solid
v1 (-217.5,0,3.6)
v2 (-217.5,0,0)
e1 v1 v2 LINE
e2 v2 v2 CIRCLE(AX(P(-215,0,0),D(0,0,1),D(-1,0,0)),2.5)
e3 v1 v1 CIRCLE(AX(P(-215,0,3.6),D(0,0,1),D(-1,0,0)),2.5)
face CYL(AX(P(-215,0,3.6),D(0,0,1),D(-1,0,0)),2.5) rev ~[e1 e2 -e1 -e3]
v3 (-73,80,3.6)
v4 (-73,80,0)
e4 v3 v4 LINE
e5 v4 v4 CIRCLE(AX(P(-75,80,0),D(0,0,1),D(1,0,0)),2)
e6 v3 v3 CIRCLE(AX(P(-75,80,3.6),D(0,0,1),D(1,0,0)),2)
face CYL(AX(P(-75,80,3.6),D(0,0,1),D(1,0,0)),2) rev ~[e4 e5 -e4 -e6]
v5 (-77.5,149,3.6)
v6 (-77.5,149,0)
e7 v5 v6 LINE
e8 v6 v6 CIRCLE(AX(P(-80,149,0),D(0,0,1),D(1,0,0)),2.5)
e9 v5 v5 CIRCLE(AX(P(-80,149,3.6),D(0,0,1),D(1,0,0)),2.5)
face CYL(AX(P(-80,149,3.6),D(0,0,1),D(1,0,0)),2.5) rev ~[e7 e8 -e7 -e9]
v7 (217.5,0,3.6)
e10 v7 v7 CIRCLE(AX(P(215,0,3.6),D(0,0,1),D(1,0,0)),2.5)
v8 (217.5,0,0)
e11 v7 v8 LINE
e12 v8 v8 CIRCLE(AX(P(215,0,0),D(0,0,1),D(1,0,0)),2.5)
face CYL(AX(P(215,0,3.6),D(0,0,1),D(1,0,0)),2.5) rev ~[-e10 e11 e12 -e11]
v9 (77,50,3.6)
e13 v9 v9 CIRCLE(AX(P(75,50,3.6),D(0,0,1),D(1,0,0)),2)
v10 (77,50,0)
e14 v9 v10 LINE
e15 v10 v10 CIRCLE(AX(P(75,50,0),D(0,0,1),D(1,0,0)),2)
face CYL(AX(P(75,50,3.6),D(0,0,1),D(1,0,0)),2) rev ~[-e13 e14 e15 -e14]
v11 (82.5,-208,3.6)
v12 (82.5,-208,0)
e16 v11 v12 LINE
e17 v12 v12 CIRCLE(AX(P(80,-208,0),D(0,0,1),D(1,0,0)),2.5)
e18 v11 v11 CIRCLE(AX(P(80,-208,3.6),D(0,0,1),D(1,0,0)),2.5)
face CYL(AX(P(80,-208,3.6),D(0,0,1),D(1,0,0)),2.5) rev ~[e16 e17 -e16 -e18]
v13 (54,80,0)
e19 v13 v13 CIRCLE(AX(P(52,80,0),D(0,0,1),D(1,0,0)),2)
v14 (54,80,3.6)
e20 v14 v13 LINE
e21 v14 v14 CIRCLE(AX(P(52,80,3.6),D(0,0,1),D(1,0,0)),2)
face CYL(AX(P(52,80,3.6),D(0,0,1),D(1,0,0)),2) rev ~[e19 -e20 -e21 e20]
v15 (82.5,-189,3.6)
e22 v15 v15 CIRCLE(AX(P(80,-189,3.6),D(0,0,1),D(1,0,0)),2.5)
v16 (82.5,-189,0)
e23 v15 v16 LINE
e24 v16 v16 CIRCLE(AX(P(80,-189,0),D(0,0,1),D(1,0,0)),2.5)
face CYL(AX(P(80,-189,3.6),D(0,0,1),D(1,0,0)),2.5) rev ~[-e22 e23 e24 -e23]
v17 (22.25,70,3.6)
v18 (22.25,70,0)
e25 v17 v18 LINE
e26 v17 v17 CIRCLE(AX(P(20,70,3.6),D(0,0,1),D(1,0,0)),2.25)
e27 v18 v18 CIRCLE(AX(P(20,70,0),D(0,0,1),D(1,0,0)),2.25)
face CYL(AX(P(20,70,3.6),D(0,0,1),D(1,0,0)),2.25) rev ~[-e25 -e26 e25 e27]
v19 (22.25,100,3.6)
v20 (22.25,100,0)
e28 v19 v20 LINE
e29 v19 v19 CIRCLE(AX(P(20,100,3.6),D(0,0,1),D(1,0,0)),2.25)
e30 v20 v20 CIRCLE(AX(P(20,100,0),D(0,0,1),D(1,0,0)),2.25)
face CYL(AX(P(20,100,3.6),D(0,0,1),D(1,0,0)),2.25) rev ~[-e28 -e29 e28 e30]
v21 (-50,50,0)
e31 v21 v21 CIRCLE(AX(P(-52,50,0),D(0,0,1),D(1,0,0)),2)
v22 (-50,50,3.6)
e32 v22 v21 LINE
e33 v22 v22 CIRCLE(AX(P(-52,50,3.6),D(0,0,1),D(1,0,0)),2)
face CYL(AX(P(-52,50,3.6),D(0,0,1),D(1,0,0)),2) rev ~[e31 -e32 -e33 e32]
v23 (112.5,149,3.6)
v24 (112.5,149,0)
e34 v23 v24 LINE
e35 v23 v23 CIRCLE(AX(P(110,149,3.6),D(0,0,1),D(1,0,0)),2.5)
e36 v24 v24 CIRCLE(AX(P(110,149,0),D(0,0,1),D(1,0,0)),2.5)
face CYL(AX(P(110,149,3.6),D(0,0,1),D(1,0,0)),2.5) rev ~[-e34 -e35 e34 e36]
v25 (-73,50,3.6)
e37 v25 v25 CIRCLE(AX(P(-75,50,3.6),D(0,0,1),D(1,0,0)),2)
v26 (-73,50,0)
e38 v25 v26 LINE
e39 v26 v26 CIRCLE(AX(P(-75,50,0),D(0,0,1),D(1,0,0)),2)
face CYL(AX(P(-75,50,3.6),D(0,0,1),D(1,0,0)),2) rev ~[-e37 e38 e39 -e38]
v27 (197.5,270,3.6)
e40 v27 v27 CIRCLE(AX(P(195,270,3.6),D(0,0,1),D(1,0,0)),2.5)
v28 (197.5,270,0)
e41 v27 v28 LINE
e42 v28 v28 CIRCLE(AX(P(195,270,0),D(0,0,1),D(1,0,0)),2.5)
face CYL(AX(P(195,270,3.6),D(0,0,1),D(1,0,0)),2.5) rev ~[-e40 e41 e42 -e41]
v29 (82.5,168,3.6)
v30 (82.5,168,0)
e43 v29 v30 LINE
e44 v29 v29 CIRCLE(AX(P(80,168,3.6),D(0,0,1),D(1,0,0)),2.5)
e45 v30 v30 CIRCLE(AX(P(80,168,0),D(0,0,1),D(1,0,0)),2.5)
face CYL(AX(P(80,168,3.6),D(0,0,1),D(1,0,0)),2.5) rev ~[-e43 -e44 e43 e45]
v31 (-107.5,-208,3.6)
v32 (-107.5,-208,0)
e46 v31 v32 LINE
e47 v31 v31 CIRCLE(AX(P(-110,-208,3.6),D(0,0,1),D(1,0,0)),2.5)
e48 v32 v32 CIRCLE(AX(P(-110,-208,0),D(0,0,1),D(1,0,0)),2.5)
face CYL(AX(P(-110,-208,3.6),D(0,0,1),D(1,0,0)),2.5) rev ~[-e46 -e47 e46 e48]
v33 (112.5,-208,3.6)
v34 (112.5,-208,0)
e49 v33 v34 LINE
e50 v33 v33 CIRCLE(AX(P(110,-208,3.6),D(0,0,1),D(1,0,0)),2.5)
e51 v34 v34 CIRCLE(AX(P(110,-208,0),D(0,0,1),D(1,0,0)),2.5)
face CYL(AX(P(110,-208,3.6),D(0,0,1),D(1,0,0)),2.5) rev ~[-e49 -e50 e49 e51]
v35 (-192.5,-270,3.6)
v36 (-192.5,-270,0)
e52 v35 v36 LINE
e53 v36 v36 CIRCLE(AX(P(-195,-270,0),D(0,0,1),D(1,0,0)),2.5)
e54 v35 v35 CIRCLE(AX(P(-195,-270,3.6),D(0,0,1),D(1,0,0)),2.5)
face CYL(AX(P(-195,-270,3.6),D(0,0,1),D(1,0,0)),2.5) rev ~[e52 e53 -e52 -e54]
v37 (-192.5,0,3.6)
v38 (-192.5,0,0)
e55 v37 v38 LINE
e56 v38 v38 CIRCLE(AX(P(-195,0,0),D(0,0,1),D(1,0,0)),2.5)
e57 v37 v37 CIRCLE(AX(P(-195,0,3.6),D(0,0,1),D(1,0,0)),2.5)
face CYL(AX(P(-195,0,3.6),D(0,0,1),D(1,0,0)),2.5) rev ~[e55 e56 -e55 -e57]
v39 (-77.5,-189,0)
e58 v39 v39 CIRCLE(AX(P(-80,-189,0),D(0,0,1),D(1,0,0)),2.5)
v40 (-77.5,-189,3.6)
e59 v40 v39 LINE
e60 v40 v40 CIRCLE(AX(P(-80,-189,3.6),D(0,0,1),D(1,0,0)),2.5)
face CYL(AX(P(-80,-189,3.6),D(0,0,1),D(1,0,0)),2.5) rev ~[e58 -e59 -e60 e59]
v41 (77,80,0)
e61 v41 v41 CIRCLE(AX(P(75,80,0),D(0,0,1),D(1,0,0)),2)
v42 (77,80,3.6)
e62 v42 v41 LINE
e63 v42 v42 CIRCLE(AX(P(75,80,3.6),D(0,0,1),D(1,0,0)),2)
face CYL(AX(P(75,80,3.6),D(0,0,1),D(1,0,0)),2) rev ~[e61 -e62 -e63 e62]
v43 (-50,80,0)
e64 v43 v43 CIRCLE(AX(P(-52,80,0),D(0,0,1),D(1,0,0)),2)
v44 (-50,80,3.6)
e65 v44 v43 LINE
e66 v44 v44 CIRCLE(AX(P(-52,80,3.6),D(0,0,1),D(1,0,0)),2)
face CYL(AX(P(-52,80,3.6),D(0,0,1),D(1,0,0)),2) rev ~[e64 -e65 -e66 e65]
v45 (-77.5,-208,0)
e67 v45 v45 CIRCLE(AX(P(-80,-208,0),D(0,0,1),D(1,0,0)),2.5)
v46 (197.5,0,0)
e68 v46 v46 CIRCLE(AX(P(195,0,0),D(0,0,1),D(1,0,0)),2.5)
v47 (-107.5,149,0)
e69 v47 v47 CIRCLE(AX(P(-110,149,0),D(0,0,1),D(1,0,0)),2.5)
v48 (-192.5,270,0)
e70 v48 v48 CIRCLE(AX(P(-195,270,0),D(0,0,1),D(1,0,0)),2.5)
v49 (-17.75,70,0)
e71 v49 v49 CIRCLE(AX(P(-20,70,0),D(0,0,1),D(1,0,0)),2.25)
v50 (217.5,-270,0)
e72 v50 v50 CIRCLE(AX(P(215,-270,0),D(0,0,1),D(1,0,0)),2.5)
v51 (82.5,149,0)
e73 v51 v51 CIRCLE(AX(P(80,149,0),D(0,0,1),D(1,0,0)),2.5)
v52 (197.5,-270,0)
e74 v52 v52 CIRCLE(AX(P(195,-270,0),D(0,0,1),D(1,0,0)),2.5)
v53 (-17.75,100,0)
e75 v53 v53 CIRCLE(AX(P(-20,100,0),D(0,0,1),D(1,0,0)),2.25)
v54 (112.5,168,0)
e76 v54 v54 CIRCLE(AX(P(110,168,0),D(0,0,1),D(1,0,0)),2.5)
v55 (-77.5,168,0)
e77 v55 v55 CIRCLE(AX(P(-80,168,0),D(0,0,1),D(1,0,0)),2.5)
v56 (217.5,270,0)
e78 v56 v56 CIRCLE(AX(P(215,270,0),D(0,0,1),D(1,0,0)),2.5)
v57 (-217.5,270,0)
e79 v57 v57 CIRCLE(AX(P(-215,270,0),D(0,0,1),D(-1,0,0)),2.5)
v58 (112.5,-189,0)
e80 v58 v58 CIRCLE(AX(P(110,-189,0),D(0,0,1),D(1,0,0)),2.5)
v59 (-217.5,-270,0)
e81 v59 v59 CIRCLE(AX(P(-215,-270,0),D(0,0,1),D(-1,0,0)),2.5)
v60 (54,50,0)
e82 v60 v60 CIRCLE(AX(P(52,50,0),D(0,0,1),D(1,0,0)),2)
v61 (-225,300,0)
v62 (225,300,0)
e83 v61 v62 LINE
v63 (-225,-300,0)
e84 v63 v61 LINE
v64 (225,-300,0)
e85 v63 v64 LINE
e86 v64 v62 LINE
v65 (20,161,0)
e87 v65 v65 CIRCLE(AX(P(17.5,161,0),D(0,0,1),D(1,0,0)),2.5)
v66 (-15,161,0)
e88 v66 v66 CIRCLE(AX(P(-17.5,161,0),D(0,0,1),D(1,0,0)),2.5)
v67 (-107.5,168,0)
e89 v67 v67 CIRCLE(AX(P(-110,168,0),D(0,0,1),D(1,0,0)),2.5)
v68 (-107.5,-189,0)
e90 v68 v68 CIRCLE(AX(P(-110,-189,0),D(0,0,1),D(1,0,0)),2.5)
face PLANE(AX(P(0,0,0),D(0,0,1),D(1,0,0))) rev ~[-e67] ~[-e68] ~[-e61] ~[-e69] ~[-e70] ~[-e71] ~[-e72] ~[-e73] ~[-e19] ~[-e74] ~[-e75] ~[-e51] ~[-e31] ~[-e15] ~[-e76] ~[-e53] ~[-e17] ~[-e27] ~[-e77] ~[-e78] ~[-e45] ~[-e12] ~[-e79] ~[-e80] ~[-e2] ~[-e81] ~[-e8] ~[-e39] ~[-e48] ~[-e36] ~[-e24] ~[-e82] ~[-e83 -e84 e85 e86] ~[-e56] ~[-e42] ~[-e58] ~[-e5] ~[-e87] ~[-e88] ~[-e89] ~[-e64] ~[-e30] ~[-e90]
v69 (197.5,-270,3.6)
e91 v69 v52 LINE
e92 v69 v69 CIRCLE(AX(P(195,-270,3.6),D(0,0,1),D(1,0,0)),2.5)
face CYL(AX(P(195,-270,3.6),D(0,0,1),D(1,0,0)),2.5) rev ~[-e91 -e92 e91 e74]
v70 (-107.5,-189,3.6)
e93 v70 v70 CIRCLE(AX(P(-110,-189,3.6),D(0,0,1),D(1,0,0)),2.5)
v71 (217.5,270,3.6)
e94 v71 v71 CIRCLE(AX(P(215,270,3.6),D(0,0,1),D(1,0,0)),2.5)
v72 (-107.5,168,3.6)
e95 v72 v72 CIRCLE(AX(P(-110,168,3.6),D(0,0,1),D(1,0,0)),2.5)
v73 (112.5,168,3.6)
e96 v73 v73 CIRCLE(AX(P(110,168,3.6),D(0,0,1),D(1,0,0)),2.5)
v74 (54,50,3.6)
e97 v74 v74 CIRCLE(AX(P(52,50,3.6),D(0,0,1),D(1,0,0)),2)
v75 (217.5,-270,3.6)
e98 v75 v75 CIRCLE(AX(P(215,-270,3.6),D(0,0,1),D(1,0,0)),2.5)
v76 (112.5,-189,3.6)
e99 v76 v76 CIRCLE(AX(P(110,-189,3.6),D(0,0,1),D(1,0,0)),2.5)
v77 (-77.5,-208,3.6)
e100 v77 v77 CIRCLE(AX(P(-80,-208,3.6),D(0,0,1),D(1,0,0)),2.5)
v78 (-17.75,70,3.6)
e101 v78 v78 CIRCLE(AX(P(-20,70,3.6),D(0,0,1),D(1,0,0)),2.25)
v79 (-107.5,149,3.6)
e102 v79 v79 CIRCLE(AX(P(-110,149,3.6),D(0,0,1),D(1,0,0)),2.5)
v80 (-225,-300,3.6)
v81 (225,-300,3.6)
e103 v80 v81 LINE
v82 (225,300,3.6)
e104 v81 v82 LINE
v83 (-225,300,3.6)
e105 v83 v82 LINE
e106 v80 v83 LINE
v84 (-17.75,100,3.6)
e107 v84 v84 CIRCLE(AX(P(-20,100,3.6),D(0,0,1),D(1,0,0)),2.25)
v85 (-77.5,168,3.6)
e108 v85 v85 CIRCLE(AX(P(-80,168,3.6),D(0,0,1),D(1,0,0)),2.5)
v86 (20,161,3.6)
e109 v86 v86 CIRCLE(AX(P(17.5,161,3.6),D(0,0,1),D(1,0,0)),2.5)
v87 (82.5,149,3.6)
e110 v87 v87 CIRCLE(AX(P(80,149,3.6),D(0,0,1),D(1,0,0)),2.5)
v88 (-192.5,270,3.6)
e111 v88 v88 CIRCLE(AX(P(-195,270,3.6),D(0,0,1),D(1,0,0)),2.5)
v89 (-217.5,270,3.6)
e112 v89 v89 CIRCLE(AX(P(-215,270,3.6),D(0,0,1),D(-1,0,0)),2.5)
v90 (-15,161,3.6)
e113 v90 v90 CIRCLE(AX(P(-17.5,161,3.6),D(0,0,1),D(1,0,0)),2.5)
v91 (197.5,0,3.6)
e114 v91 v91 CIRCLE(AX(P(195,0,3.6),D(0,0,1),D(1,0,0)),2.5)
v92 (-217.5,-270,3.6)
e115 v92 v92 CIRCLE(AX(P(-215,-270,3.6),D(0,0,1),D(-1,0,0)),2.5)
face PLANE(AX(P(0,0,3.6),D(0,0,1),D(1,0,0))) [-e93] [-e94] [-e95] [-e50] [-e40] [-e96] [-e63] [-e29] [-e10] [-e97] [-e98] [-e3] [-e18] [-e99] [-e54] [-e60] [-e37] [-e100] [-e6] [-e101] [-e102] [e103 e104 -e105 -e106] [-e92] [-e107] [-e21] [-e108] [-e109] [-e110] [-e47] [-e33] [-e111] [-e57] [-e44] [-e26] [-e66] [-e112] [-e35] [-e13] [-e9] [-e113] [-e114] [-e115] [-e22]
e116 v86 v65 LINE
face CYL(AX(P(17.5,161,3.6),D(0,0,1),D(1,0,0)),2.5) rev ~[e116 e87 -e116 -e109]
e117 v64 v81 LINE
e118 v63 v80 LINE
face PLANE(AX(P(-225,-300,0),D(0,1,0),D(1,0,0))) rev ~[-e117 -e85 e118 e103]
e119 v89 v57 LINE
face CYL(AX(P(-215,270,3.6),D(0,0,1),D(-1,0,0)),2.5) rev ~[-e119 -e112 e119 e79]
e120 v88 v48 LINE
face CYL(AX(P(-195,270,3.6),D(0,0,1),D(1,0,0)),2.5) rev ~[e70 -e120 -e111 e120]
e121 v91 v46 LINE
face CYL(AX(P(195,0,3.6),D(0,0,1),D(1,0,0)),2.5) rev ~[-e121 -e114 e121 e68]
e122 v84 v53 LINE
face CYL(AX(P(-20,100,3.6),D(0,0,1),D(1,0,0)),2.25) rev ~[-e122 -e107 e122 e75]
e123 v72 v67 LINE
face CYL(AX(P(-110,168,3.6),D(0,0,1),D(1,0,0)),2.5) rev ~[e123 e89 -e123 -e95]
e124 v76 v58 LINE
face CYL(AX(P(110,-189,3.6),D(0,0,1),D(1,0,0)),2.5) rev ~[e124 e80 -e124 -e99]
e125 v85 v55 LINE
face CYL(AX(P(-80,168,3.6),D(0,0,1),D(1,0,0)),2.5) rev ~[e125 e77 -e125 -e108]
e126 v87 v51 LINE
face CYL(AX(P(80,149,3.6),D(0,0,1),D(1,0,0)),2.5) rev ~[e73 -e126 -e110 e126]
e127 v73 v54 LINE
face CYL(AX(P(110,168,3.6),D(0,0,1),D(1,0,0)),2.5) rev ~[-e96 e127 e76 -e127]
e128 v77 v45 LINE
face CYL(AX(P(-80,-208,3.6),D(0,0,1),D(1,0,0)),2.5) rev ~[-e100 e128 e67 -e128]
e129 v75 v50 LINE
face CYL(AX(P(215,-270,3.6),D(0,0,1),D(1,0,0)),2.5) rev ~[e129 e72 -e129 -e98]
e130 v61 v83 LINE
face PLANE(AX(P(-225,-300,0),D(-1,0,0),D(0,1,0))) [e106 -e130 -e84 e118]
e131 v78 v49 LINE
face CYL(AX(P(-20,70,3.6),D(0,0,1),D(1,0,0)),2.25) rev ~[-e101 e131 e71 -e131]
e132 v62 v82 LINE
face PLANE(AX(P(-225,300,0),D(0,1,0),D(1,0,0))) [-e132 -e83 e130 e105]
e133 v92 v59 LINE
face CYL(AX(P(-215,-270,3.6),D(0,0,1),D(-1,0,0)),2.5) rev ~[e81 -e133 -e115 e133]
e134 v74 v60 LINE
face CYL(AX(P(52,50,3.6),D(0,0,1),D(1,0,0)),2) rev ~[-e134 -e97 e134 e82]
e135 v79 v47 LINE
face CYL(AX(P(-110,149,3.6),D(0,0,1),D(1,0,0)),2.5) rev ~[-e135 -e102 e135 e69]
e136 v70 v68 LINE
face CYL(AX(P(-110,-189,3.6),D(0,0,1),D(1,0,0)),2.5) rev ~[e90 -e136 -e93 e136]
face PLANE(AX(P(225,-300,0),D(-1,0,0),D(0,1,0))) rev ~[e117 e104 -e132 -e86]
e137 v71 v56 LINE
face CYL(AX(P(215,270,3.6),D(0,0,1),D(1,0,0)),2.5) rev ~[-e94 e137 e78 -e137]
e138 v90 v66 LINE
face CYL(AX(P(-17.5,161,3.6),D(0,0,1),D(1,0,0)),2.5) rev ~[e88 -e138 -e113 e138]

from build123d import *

# Parameters (mm, degrees)
SKETCH_1_W          = 450
SKETCH_1_H          = 600
EXTRUDE_1_DEPTH     = 3.6
SKETCH_4_R          = 2.5
CUT_EXTRUDE_3_DEPTH = 3.6
SKETCH_5_R          = 2
CUT_EXTRUDE_4_DEPTH = 10
SKETCH_6_R          = 2
CUT_EXTRUDE_5_DEPTH = 10
SKETCH_7_R          = 2.5
CUT_EXTRUDE_6_DEPTH = 10
SKETCH_8_R          = 2.25
CUT_EXTRUDE_7_DEPTH = 376.017279602
SKETCH_9_R          = 2.5
CUT_EXTRUDE_8_DEPTH = 376.017279602


with BuildPart() as part:
    # 草图1 → 凸台-拉伸1 (new body)
    with BuildSketch(Plane.XY):
        Rectangle(SKETCH_1_W, SKETCH_1_H)
    extrude(amount=EXTRUDE_1_DEPTH)

    # 草图4 → 切除-拉伸3 (cut)
    with BuildSketch(Plane.XY.offset(3.6)):
        with Locations((-195, 270)):
            Circle(SKETCH_4_R)
        with Locations((-195, -270)):
            Circle(SKETCH_4_R)
        with Locations((195, -270)):
            Circle(SKETCH_4_R)
        with Locations((195, 270)):
            Circle(SKETCH_4_R)
        with Locations((-195, 0)):
            Circle(SKETCH_4_R)
        with Locations((195, 0)):
            Circle(SKETCH_4_R)
        with Locations(Location((-215, -270, 0), (0, 0, 180))):
            Circle(SKETCH_4_R)
        with Locations(Location((-215, 0, 0), (0, 0, 180))):
            Circle(SKETCH_4_R)
        with Locations(Location((-215, 270, 0), (0, 0, 180))):
            Circle(SKETCH_4_R)
        with Locations((215, 270)):
            Circle(SKETCH_4_R)
        with Locations((215, 0)):
            Circle(SKETCH_4_R)
        with Locations((215, -270)):
            Circle(SKETCH_4_R)
    extrude(amount=-CUT_EXTRUDE_3_DEPTH, mode=Mode.SUBTRACT)

    # 草图5 → 切除-拉伸4 (cut)
    with BuildSketch(Plane.XY.offset(3.6)):
        with Locations((-75, 50)):
            Circle(SKETCH_5_R)
        with Locations((-75, 80)):
            Circle(SKETCH_5_R)
        with Locations((-52, 50)):
            Circle(SKETCH_5_R)
        with Locations((-52, 80)):
            Circle(SKETCH_5_R)
    extrude(amount=-CUT_EXTRUDE_4_DEPTH, mode=Mode.SUBTRACT)

    # 草图6 → 切除-拉伸5 (cut)
    with BuildSketch(Plane.XY.offset(3.6)):
        with Locations((52, 50)):
            Circle(SKETCH_6_R)
        with Locations((52, 80)):
            Circle(SKETCH_6_R)
        with Locations((75, 50)):
            Circle(SKETCH_6_R)
        with Locations((75, 80)):
            Circle(SKETCH_6_R)
    extrude(amount=-CUT_EXTRUDE_5_DEPTH, mode=Mode.SUBTRACT)

    # 草图7 → 切除-拉伸6 (cut)
    with BuildSketch(Plane.XY.offset(3.6)):
        with Locations((-17.5, 161)):
            Circle(SKETCH_7_R)
        with Locations((17.5, 161)):
            Circle(SKETCH_7_R)
    extrude(amount=-CUT_EXTRUDE_6_DEPTH, mode=Mode.SUBTRACT)

    # 草图8 → 切除-拉伸7 (cut, through all)
    with BuildSketch(Plane.XY.offset(3.6)):
        with Locations((-20, 70)):
            Circle(SKETCH_8_R)
        with Locations((-20, 100)):
            Circle(SKETCH_8_R)
        with Locations((20, 70)):
            Circle(SKETCH_8_R)
        with Locations((20, 100)):
            Circle(SKETCH_8_R)
    extrude(amount=-CUT_EXTRUDE_7_DEPTH, mode=Mode.SUBTRACT)

    # 草图9 → 切除-拉伸8 (cut, through all)
    with BuildSketch(Plane.XY.offset(3.6)):
        with Locations((-110, -208)):
            Circle(SKETCH_9_R)
        with Locations((-110, -189)):
            Circle(SKETCH_9_R)
        with Locations((-80, -208)):
            Circle(SKETCH_9_R)
        with Locations((-80, -189)):
            Circle(SKETCH_9_R)
        with Locations((80, -208)):
            Circle(SKETCH_9_R)
        with Locations((80, -189)):
            Circle(SKETCH_9_R)
        with Locations((110, -189)):
            Circle(SKETCH_9_R)
        with Locations((110, -208)):
            Circle(SKETCH_9_R)
        with Locations((110, 149)):
            Circle(SKETCH_9_R)
        with Locations((110, 168)):
            Circle(SKETCH_9_R)
        with Locations((80, 149)):
            Circle(SKETCH_9_R)
        with Locations((80, 168)):
            Circle(SKETCH_9_R)
        with Locations((-80, 149)):
            Circle(SKETCH_9_R)
        with Locations((-80, 168)):
            Circle(SKETCH_9_R)
        with Locations((-110, 149)):
            Circle(SKETCH_9_R)
        with Locations((-110, 168)):
            Circle(SKETCH_9_R)
    extrude(amount=-CUT_EXTRUDE_8_DEPTH, mode=Mode.SUBTRACT)


solid = part.part
